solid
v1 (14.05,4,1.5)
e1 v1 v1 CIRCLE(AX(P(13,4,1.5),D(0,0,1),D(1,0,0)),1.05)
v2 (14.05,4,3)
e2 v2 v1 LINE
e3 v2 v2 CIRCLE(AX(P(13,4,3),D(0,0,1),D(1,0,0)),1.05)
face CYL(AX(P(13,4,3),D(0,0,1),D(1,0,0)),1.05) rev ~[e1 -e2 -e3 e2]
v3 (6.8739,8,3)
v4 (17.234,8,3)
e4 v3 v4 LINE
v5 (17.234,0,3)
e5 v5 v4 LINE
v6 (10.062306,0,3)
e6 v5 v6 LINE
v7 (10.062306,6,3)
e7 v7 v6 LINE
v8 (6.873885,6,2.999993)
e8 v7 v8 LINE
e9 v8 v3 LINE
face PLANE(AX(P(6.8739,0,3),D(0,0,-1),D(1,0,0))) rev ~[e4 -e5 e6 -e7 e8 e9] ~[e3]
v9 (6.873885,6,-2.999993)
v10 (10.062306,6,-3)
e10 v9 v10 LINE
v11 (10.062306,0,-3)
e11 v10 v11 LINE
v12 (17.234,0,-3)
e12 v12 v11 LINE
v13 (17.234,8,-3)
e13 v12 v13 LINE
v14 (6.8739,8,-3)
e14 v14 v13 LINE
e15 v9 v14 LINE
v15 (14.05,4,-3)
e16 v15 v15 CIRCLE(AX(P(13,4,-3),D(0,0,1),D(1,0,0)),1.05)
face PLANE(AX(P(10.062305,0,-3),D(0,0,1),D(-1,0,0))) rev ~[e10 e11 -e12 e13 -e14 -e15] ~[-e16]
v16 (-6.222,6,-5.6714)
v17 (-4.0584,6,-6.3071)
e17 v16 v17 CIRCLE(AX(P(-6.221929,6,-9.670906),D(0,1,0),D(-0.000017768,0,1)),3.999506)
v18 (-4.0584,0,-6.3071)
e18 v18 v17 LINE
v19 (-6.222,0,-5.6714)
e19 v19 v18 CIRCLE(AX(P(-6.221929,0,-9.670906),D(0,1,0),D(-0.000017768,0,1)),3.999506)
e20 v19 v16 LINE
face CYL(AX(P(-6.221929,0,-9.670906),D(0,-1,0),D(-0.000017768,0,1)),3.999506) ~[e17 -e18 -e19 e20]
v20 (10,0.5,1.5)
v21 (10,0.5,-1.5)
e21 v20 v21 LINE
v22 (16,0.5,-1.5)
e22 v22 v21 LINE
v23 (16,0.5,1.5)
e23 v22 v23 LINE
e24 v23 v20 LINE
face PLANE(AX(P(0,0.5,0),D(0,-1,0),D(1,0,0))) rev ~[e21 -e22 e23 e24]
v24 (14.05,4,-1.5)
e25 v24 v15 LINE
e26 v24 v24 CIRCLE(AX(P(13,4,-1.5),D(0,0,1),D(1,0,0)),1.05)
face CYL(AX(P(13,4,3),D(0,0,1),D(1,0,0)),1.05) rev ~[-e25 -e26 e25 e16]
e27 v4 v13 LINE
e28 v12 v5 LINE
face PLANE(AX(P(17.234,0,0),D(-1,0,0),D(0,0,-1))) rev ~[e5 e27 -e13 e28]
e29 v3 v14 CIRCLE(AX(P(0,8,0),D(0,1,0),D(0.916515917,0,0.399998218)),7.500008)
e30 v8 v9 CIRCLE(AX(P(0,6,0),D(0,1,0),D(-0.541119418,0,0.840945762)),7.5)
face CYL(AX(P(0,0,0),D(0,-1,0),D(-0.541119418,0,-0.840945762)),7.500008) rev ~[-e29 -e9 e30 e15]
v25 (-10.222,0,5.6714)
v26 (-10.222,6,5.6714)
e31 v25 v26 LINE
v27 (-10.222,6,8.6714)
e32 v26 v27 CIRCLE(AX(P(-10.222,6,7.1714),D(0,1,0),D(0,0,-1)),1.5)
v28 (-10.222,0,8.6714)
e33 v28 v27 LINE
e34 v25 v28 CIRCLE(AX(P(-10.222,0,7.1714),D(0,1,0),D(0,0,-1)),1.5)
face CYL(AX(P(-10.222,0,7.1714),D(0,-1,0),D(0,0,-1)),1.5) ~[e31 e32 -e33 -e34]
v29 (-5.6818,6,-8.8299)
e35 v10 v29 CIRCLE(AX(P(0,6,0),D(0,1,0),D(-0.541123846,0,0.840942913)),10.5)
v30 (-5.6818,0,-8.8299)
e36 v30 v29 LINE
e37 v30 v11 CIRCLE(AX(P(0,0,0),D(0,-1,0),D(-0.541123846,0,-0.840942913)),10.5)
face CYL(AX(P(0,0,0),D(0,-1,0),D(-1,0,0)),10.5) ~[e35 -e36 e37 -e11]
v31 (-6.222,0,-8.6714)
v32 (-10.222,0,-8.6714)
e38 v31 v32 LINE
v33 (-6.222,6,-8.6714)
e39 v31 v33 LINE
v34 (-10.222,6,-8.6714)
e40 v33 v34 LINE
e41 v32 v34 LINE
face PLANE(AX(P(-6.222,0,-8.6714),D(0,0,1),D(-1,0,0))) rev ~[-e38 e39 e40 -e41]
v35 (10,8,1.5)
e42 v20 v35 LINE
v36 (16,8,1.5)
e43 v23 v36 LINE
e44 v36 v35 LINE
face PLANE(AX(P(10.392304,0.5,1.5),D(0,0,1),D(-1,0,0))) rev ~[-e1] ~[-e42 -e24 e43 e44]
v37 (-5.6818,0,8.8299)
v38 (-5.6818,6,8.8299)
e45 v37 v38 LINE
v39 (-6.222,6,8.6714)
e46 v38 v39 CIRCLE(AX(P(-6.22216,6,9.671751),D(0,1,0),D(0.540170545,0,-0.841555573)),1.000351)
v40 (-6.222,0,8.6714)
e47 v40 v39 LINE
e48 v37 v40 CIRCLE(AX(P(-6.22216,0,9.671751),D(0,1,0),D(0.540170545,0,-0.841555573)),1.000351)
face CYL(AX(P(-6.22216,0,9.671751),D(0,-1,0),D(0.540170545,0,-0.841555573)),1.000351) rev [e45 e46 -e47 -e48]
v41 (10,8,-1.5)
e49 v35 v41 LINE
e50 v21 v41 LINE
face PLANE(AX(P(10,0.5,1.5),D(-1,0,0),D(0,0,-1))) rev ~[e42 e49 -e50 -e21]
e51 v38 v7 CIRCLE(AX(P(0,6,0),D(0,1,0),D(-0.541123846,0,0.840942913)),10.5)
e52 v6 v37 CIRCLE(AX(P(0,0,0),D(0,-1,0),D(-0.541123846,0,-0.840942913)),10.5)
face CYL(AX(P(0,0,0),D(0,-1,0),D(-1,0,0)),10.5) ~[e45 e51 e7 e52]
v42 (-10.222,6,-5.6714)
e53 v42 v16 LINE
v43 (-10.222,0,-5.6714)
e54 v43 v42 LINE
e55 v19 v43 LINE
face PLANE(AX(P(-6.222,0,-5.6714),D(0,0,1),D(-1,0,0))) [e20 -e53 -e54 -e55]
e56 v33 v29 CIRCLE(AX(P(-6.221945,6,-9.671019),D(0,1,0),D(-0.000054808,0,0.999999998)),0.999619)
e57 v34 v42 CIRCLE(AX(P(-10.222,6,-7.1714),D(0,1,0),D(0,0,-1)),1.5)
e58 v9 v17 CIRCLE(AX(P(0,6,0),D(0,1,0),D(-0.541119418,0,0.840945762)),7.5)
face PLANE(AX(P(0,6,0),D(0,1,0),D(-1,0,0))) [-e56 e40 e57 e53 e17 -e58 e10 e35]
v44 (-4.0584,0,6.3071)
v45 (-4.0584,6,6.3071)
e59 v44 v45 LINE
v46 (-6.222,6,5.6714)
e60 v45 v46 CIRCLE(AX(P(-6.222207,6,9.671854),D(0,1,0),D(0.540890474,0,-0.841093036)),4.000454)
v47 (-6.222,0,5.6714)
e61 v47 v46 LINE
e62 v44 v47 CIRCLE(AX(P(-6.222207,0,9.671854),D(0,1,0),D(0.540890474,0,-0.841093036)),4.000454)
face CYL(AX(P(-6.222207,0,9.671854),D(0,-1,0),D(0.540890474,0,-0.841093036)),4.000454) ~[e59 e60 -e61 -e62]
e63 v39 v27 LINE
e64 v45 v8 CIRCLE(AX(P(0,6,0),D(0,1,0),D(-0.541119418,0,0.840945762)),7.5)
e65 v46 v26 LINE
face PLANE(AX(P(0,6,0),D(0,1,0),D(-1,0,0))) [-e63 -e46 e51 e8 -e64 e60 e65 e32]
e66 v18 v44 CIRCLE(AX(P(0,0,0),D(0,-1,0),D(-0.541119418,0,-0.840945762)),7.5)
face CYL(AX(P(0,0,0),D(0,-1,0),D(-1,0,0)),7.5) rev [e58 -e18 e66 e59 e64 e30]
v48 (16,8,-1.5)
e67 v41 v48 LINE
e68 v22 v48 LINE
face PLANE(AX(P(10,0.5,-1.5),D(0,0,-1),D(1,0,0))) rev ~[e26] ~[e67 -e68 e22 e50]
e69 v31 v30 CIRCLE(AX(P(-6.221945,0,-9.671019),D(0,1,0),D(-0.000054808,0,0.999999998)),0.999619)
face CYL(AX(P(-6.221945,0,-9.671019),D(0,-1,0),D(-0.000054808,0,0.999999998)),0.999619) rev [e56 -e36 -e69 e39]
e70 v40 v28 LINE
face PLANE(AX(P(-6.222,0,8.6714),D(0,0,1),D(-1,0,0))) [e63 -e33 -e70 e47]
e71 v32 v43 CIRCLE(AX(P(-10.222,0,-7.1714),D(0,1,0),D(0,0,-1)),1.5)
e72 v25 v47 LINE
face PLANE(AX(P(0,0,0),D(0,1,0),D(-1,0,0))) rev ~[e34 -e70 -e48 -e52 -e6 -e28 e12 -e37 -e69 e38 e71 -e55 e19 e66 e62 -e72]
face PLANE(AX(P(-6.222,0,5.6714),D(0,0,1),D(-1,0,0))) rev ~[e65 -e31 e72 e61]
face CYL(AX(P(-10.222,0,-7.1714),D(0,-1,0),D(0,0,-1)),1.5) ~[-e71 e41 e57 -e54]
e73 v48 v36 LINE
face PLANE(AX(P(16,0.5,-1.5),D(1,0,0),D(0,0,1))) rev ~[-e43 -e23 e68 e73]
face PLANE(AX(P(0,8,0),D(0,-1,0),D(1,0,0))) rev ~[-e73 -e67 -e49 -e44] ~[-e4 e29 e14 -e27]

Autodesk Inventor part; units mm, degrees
ref_plane "YZ Plane" through (0, 0, 0) normal (1, 0, 0) x (0, 1, 0)
ref_plane "XZ Plane" through (0, 0, 0) normal (0, 1, 0) x (-1, 0, 0)
sketch "Sketch1" plane through (0, 0, 0) normal (0, 1, 0) x (-1, 0, 0)
  circle A0 centre (0, 0) radius 7.5
  circle A1 centre (0, 0) radius 10.5
  line L0 (0, 0) -> (5.6818, 8.8299) construction
  line L1 (0, 0) -> (0, 10.5)
  line L2 (6.222, 8.6714) -> (10.222, 8.6714)
  arc A2 (5.6818, 8.8299) -> (6.222, 8.6714) centre (6.222, 9.6714) ccw
  line L3 (6.222, 5.6714) -> (10.222, 5.6714)
  arc A3 (4.0584, 6.3071) -> (6.222, 5.6714) centre (6.222, 9.6714) ccw
  line L4 (10.222, 8.6714) -> (10.222, 5.6714) construction
  arc A4 (10.222, 5.6714) -> (10.222, 8.6714) centre (10.222, 7.1714) ccw
  line L5 (0, 0) -> (7.5, 0)
  line L6 (6.222, -8.6714) -> (10.222, -8.6714)
  arc A5 (6.222, -8.6714) -> (5.6818, -8.8299) centre (6.222, -9.6714) ccw
  line L7 (6.222, -5.6714) -> (10.222, -5.6714)
  arc A6 (6.222, -5.6714) -> (4.0584, -6.3071) centre (6.222, -9.6714) ccw
  arc A7 (10.222, -8.6714) -> (10.222, -5.6714) centre (10.222, -7.1714) ccw
  point P0 (4.0584, -6.3071)
  dimension "d0" = 15
  dimension "d1" = 3
  dimension "d2" = 32.76
  dimension "d3" = 1
  dimension "d4" = 3
  dimension "d5" = 4
  dimension "d6" = 6.222
  dimension "d7" = 4
extrude "Extrusion1" add sketch "Sketch1" along normal blind 6 contours A0 L1 A1 L3 A3 | A6 L7 A1 L1 A0 | A1 A2 L2 A4 L3 | L7 A7 L6 A5 A1
sketch "Sketch2" plane through (0, 0, 0) normal (0, -1, 0) x (1, 0, 0)
  arc A0 (-5.6818, -8.8299) -> (-5.6818, 8.8299) centre (0, 0) ccw projected
  line L0 (6.8739, 3) -> (17.234, 3)
  line L1 (17.234, 3) -> (17.234, -3)
  line L2 (17.234, -3) -> (6.8739, -3)
  line L3 (6.8739, -3) -> (6.8739, 3)
  line L4 (10.5, 0) -> (17.234, 0)
  arc A1 (-4.0584, -6.3071) -> (-4.0584, 6.3071) centre (0, 0) ccw projected
  circle A2 centre (0, 0) radius 7.5 projected
  arc A3 (-5.6818, -8.8299) -> (-5.6818, 8.8299) centre (0, 0) ccw projected
  line L5 (10, -1.5) -> (16, -1.5)
  line L6 (16, -1.5) -> (16, 1.5)
  line L7 (16, 1.5) -> (10, 1.5)
  line L8 (10, 1.5) -> (10, -1.5)
  arc A4 (-4.0584, -6.3071) -> (-4.0584, 6.3071) centre (0, 0) ccw projected
  point P0 (10.0623, 3)
  point P1 (13.867, 0)
  point P2 (6.8739, -3)
  point P3 (10, 0)
  point P4 (7.5, 0)
  dimension "d11" = 6
  dimension "d12" = 1.234
  dimension "d14" = 6
  dimension "d20" = 2.5
  dimension "d25" = 3
extrude "Extrusion2" add sketch "Sketch2" against normal blind 8 contours L2 A1 L0 A0 L7 L8 L5 | A0 L5 L6 L4 L1 L2 | L5 L8 L7 A0 | A0 L4 L6 L5 | A0 L7 L6 L4 | L4 L6 L7 A0 L0 L1
ref_plane "Work Plane1" through (0, 0.5, 0) normal (0, -1, 0) x (1, 0, 0)
extrude "Extrusion3" cut sketch "Sketch2" against normal blind 8 from surface at -0.5 contours L5 L8 L7 A0 | A0 L4 L6 L5 | A0 L7 L6 L4
sketch "Sketch3" plane through (10.0623, 0, 3) normal (0, 0, 1) x (1, 0, 0)
  circle A0 centre (2.9377, 4) radius 1.05
  line L0 (5.9377, 0.5) -> (-0.0623, 0.5) projected
  point P0 (-10.0623, 0)
  point P1 (2.9377, 0.5)
  dimension "d21" = 2.1
  dimension "d22" = 3.5
extrude "Extrusion4" cut sketch "Sketch3" against normal through all
properties part number "sujetador_marcador_v2"
